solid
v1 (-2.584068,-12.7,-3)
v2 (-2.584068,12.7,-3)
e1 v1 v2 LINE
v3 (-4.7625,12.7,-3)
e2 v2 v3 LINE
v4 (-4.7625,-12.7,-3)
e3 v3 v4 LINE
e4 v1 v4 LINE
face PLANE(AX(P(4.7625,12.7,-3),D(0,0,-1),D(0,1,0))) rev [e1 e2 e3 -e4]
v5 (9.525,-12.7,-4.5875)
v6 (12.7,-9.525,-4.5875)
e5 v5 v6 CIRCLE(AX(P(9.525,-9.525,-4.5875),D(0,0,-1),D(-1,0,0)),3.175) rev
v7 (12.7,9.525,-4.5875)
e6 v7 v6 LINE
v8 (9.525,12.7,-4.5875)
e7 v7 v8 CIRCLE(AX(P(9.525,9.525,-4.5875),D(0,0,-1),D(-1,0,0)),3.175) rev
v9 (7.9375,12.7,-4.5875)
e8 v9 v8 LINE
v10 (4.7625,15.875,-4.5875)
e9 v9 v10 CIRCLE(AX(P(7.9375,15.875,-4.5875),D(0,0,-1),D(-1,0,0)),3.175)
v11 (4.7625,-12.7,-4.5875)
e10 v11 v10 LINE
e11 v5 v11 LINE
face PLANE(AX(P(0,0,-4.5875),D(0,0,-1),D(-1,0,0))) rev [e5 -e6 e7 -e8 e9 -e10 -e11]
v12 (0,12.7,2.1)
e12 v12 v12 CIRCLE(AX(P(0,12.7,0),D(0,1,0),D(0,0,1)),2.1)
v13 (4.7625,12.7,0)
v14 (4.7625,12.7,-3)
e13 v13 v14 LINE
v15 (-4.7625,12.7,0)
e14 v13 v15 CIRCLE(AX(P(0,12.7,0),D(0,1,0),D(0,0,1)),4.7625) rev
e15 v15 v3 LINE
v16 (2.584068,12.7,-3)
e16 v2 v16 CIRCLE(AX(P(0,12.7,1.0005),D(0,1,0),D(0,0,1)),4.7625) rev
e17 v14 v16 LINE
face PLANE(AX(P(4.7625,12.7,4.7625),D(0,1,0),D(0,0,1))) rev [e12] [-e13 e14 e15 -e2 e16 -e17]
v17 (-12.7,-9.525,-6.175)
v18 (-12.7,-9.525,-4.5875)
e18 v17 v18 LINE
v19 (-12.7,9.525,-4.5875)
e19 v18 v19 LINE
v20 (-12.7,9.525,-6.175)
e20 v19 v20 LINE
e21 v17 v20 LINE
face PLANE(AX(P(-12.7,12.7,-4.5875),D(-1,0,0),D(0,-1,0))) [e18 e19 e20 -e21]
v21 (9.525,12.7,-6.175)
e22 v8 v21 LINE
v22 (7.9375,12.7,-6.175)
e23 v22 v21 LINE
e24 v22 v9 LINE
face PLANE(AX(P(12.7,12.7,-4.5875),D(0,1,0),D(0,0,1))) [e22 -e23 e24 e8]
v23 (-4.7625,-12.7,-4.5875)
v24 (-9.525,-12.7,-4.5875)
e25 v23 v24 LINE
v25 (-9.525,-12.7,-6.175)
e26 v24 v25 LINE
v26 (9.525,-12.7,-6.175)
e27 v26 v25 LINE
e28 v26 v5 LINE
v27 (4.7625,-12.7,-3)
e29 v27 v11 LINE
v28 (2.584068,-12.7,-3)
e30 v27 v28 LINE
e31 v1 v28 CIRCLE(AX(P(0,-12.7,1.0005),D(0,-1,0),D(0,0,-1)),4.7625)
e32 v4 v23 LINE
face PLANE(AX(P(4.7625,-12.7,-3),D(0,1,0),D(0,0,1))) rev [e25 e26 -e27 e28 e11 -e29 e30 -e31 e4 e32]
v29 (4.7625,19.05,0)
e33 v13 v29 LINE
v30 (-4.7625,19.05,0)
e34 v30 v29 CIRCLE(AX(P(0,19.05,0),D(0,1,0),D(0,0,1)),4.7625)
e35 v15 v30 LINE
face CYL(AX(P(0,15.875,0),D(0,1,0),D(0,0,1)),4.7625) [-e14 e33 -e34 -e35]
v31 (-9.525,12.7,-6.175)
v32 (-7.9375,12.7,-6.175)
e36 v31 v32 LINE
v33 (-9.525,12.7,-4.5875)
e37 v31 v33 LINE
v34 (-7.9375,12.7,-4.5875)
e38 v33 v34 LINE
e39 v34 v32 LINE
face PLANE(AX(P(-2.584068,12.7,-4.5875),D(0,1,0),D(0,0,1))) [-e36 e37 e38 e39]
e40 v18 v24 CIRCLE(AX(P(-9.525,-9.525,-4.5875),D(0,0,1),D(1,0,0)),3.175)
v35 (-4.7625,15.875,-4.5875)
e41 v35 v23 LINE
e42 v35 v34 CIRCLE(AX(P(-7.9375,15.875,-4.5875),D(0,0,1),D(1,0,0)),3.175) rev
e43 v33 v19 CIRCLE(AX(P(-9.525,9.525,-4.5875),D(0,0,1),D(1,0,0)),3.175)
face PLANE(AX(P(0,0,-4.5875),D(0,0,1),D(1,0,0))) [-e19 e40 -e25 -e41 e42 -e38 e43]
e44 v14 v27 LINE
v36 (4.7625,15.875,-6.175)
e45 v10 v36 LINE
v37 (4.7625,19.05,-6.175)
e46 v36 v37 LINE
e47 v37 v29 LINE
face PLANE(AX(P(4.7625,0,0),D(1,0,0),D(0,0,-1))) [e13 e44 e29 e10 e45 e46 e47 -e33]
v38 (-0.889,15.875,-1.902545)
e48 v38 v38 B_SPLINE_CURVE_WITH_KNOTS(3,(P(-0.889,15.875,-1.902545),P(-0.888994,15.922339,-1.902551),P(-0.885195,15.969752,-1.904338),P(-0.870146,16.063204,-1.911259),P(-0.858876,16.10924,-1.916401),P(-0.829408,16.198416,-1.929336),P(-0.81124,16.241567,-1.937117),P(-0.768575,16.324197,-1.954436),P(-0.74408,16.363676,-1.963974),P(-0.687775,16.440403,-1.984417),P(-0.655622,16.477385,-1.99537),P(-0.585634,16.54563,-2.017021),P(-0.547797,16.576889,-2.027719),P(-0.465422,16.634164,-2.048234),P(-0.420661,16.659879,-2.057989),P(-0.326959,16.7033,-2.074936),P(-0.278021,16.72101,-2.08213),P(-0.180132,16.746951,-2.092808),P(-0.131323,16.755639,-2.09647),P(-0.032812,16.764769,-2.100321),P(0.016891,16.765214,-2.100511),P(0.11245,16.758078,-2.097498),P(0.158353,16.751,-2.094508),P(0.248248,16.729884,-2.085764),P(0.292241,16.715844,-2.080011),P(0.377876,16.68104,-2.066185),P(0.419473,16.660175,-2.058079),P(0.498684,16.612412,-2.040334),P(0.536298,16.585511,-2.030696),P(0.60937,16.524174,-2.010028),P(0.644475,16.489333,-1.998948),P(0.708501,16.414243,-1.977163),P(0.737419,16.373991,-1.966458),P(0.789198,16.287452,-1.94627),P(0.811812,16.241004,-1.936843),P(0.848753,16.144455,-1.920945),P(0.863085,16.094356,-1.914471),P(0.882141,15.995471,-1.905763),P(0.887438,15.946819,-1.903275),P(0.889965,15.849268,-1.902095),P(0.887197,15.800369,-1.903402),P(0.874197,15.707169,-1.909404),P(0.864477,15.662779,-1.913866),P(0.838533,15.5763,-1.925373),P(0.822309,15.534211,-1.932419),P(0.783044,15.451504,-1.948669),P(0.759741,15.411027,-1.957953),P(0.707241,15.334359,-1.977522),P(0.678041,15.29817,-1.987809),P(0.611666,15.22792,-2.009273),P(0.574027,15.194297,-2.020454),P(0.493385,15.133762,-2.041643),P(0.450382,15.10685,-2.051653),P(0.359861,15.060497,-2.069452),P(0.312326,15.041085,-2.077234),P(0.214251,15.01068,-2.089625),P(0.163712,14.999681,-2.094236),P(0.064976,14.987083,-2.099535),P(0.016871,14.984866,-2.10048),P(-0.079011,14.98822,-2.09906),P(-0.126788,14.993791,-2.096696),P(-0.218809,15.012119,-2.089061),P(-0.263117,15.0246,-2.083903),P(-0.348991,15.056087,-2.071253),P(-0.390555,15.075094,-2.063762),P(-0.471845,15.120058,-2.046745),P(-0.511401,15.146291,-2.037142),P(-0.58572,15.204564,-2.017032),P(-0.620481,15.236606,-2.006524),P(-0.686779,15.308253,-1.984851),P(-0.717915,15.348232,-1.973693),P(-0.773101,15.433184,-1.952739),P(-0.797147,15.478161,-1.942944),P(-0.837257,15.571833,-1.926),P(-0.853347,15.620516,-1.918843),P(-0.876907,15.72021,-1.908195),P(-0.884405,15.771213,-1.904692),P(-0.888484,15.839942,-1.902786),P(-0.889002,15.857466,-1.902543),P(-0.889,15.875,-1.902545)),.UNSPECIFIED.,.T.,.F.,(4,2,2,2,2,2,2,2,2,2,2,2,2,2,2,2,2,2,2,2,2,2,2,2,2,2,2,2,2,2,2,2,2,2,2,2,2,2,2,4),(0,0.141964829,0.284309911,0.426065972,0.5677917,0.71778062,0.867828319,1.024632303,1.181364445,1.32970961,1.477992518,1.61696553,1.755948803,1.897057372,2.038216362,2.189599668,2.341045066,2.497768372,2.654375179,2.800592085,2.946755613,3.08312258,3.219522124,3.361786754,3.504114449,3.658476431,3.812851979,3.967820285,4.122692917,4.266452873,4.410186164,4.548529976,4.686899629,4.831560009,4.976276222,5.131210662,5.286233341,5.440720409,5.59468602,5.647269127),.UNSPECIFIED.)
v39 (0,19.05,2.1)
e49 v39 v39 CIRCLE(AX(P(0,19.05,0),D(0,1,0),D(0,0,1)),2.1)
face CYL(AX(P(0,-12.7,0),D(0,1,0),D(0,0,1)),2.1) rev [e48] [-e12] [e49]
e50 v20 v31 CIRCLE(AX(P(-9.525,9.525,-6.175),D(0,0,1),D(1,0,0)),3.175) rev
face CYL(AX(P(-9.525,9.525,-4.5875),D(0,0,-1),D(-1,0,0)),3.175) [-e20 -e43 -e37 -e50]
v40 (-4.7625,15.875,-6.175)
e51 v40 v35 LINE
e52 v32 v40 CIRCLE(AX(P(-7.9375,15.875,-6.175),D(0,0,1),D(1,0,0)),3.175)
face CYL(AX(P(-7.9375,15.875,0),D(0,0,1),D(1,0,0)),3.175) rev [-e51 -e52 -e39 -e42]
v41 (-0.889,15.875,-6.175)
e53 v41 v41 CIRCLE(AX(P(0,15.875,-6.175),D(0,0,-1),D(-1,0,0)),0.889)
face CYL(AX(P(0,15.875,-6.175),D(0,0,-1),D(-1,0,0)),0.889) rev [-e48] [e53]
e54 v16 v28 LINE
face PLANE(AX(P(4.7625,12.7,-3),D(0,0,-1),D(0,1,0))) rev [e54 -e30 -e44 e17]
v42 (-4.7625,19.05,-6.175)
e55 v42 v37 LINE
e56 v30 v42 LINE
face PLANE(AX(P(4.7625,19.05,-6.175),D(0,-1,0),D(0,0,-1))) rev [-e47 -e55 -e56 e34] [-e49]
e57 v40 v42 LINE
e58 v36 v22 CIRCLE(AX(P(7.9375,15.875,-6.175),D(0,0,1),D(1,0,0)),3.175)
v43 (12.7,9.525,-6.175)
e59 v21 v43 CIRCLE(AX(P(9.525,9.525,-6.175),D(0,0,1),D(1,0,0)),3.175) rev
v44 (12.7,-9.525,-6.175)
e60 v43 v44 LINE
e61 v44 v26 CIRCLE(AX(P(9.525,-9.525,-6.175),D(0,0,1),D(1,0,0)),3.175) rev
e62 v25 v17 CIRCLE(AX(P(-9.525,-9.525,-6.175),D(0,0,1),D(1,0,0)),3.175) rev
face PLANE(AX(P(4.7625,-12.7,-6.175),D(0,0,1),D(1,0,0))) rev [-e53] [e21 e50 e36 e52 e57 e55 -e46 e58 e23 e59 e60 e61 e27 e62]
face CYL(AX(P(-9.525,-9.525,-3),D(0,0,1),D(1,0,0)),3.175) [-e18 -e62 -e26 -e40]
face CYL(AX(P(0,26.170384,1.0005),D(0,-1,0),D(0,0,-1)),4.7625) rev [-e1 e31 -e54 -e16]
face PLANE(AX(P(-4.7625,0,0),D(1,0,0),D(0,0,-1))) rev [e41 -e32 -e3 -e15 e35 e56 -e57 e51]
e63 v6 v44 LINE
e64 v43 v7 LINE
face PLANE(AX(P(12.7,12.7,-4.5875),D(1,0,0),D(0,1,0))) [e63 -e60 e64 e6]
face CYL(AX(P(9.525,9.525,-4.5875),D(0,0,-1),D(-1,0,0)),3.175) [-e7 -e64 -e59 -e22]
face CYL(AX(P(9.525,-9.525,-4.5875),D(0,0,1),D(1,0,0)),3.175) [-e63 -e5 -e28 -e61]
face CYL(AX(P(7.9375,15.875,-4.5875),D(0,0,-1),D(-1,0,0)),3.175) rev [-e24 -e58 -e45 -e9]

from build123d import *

# Parameters (mm, degrees)
BOSS_EXTRUDE1_DEPTH        = 4.7625
SKETCH3_R                  = 2.1
CUT_EXTRUDE1_DEPTH         = 33.69364665
SKETCH4_R                  = 4.7625
CUT_EXTRUDE2_DEPTH         = 25.4
SKETCH5_W                  = 10.115932276
SKETCH5_H                  = 25.4
BOSS_EXTRUDE2_DEPTH        = 1.5875
SKETCH6_OUTSIDE_W          = 35.822
SKETCH6_OUTSIDE_H          = 21.36
SKETCH6_OUTSIDE_R          = 4.7625
CUT_EXTRUDE3_DEPTH         = 3.175
CUT_EXTRUDE4_DEPTH         = 32.87399018
BOSS_EXTRUDE3_DEPTH        = 3.175
FILLET2_R                  = 3.175
F_2_56_TAPPED_HOLE1_REACH  = 27.374
F_2_56_TAPPED_HOLE1_BORE_R = 0.889


with BuildPart() as part:
    # Sketch2 → Boss-Extrude1 (new, symmetric)
    with BuildSketch(Plane(origin=(0, 0, 0), x_dir=(0, 0, -1), z_dir=(1, 0, 0))):
        Polygon((-4.7625, 12.7), (3, 12.7), (3, -12.7), (6.175, -12.7), (6.175, 19.05), (-4.7625, 19.05), align=None)
    extrude(amount=BOSS_EXTRUDE1_DEPTH, both=True)

    # Sketch3 → Cut-Extrude1 (cut, through all)
    with BuildSketch(Plane(origin=(0, 19.05, 0), x_dir=(1, 0, 0), z_dir=(0, 1, 0))):
        with Locations(Location((0, 0, 0), (0, 0, 270))):
            Circle(SKETCH3_R)
    extrude(amount=-CUT_EXTRUDE1_DEPTH, mode=Mode.SUBTRACT)

    # Sketch4 → Cut-Extrude2 (cut)
    with BuildSketch(Plane.XZ.offset(12.7)):
        with Locations((0, 1.0005)):
            Circle(SKETCH4_R)
    extrude(amount=-CUT_EXTRUDE2_DEPTH, mode=Mode.SUBTRACT)

    # Sketch5 → Boss-Extrude2 (add)
    with BuildSketch(Plane(origin=(0, 0, -6.175), x_dir=(-1, 0, 0), z_dir=(0, 0, -1))):
        with Locations((-7.642033862, 0)):
            Rectangle(SKETCH5_W, SKETCH5_H)
        with Locations((7.642033862, 0)):
            Rectangle(SKETCH5_W, SKETCH5_H)
    extrude(amount=-BOSS_EXTRUDE2_DEPTH)

    # Sketch6 outside → Cut-Extrude3 (cut)
    with BuildSketch(Plane(origin=(0, 19.05, 0), x_dir=(1, 0, 0), z_dir=(0, 1, 0))):
        with Locations((0, 0.706)):
            Rectangle(SKETCH6_OUTSIDE_W, SKETCH6_OUTSIDE_H)
        with Locations(Location((0, 0, 0), (0, 0, 270))):
            Circle(SKETCH6_OUTSIDE_R, mode=Mode.SUBTRACT)
    extrude(amount=-CUT_EXTRUDE3_DEPTH, mode=Mode.SUBTRACT)

    # Sketch7 → Cut-Extrude4 (cut, through all)
    with BuildSketch(Plane(origin=(0, 15.875, 0), x_dir=(1, 0, 0), z_dir=(0, 1, 0))):
        with BuildLine():
            ThreePointArc((0, -4.7625), (-3.367596045, -3.367596045), (-4.7625, 0))
            Line((-4.7625, 0), (-4.7625, -4.7625))
            Line((-4.7625, -4.7625), (0, -4.7625))
        make_face()
        with BuildLine():
            ThreePointArc((4.7625, 0), (3.367596045, -3.367596045), (0, -4.7625))
            Line((0, -4.7625), (4.7625, -4.7625))
            Line((4.7625, -4.7625), (4.7625, 0))
        make_face()
    extrude(amount=-CUT_EXTRUDE4_DEPTH, mode=Mode.SUBTRACT)

    # Sketch8 → Boss-Extrude3 (add)
    with BuildSketch(Plane(origin=(0, 15.875, 0), x_dir=(1, 0, 0), z_dir=(0, 1, 0))):
        with BuildLine():
            Line((4.7625, 6.175), (4.7625, 0))
            ThreePointArc((4.7625, 0), (0, 4.7625), (-4.7625, 0))
            Line((-4.7625, 0), (-4.7625, 6.175))
            Line((-4.7625, 6.175), (4.7625, 6.175))
        make_face()
    extrude(amount=BOSS_EXTRUDE3_DEPTH)

    # Fillet2
    fillet2_edges = [part.edges().sort_by_distance(p)[0] for p in [
        (-4.7625, 12.7, -5.38125),
        (-12.7, -12.7, -5.38125),
        (-12.7, 12.7, -5.38125),
        (4.7625, 12.7, -5.38125),
        (12.7, -12.7, -5.38125),
        (12.7, 12.7, -5.38125),
    ]]
    fillet(fillet2_edges, radius=FILLET2_R)

    # #2-56 Tapped Hole1 bore → #2-56 Tapped Hole1 (cut, up to next)
    with BuildSketch(Plane(origin=(0, 0, -6.175), x_dir=(-1, 0, 0), z_dir=(0, 0, -1)), mode=Mode.PRIVATE) as f_2_56_tapped_hole1_sk1:
        with Locations((0, 15.875)):
            Circle(F_2_56_TAPPED_HOLE1_BORE_R)
    f_2_56_tapped_hole1_tool1 = extrude(f_2_56_tapped_hole1_sk1.sketch, amount=-F_2_56_TAPPED_HOLE1_REACH, mode=Mode.PRIVATE) & part.part
    add(f_2_56_tapped_hole1_tool1.solids().sort_by_distance((0, 15.875, -6.175))[0], mode=Mode.SUBTRACT)


solid = part.part
